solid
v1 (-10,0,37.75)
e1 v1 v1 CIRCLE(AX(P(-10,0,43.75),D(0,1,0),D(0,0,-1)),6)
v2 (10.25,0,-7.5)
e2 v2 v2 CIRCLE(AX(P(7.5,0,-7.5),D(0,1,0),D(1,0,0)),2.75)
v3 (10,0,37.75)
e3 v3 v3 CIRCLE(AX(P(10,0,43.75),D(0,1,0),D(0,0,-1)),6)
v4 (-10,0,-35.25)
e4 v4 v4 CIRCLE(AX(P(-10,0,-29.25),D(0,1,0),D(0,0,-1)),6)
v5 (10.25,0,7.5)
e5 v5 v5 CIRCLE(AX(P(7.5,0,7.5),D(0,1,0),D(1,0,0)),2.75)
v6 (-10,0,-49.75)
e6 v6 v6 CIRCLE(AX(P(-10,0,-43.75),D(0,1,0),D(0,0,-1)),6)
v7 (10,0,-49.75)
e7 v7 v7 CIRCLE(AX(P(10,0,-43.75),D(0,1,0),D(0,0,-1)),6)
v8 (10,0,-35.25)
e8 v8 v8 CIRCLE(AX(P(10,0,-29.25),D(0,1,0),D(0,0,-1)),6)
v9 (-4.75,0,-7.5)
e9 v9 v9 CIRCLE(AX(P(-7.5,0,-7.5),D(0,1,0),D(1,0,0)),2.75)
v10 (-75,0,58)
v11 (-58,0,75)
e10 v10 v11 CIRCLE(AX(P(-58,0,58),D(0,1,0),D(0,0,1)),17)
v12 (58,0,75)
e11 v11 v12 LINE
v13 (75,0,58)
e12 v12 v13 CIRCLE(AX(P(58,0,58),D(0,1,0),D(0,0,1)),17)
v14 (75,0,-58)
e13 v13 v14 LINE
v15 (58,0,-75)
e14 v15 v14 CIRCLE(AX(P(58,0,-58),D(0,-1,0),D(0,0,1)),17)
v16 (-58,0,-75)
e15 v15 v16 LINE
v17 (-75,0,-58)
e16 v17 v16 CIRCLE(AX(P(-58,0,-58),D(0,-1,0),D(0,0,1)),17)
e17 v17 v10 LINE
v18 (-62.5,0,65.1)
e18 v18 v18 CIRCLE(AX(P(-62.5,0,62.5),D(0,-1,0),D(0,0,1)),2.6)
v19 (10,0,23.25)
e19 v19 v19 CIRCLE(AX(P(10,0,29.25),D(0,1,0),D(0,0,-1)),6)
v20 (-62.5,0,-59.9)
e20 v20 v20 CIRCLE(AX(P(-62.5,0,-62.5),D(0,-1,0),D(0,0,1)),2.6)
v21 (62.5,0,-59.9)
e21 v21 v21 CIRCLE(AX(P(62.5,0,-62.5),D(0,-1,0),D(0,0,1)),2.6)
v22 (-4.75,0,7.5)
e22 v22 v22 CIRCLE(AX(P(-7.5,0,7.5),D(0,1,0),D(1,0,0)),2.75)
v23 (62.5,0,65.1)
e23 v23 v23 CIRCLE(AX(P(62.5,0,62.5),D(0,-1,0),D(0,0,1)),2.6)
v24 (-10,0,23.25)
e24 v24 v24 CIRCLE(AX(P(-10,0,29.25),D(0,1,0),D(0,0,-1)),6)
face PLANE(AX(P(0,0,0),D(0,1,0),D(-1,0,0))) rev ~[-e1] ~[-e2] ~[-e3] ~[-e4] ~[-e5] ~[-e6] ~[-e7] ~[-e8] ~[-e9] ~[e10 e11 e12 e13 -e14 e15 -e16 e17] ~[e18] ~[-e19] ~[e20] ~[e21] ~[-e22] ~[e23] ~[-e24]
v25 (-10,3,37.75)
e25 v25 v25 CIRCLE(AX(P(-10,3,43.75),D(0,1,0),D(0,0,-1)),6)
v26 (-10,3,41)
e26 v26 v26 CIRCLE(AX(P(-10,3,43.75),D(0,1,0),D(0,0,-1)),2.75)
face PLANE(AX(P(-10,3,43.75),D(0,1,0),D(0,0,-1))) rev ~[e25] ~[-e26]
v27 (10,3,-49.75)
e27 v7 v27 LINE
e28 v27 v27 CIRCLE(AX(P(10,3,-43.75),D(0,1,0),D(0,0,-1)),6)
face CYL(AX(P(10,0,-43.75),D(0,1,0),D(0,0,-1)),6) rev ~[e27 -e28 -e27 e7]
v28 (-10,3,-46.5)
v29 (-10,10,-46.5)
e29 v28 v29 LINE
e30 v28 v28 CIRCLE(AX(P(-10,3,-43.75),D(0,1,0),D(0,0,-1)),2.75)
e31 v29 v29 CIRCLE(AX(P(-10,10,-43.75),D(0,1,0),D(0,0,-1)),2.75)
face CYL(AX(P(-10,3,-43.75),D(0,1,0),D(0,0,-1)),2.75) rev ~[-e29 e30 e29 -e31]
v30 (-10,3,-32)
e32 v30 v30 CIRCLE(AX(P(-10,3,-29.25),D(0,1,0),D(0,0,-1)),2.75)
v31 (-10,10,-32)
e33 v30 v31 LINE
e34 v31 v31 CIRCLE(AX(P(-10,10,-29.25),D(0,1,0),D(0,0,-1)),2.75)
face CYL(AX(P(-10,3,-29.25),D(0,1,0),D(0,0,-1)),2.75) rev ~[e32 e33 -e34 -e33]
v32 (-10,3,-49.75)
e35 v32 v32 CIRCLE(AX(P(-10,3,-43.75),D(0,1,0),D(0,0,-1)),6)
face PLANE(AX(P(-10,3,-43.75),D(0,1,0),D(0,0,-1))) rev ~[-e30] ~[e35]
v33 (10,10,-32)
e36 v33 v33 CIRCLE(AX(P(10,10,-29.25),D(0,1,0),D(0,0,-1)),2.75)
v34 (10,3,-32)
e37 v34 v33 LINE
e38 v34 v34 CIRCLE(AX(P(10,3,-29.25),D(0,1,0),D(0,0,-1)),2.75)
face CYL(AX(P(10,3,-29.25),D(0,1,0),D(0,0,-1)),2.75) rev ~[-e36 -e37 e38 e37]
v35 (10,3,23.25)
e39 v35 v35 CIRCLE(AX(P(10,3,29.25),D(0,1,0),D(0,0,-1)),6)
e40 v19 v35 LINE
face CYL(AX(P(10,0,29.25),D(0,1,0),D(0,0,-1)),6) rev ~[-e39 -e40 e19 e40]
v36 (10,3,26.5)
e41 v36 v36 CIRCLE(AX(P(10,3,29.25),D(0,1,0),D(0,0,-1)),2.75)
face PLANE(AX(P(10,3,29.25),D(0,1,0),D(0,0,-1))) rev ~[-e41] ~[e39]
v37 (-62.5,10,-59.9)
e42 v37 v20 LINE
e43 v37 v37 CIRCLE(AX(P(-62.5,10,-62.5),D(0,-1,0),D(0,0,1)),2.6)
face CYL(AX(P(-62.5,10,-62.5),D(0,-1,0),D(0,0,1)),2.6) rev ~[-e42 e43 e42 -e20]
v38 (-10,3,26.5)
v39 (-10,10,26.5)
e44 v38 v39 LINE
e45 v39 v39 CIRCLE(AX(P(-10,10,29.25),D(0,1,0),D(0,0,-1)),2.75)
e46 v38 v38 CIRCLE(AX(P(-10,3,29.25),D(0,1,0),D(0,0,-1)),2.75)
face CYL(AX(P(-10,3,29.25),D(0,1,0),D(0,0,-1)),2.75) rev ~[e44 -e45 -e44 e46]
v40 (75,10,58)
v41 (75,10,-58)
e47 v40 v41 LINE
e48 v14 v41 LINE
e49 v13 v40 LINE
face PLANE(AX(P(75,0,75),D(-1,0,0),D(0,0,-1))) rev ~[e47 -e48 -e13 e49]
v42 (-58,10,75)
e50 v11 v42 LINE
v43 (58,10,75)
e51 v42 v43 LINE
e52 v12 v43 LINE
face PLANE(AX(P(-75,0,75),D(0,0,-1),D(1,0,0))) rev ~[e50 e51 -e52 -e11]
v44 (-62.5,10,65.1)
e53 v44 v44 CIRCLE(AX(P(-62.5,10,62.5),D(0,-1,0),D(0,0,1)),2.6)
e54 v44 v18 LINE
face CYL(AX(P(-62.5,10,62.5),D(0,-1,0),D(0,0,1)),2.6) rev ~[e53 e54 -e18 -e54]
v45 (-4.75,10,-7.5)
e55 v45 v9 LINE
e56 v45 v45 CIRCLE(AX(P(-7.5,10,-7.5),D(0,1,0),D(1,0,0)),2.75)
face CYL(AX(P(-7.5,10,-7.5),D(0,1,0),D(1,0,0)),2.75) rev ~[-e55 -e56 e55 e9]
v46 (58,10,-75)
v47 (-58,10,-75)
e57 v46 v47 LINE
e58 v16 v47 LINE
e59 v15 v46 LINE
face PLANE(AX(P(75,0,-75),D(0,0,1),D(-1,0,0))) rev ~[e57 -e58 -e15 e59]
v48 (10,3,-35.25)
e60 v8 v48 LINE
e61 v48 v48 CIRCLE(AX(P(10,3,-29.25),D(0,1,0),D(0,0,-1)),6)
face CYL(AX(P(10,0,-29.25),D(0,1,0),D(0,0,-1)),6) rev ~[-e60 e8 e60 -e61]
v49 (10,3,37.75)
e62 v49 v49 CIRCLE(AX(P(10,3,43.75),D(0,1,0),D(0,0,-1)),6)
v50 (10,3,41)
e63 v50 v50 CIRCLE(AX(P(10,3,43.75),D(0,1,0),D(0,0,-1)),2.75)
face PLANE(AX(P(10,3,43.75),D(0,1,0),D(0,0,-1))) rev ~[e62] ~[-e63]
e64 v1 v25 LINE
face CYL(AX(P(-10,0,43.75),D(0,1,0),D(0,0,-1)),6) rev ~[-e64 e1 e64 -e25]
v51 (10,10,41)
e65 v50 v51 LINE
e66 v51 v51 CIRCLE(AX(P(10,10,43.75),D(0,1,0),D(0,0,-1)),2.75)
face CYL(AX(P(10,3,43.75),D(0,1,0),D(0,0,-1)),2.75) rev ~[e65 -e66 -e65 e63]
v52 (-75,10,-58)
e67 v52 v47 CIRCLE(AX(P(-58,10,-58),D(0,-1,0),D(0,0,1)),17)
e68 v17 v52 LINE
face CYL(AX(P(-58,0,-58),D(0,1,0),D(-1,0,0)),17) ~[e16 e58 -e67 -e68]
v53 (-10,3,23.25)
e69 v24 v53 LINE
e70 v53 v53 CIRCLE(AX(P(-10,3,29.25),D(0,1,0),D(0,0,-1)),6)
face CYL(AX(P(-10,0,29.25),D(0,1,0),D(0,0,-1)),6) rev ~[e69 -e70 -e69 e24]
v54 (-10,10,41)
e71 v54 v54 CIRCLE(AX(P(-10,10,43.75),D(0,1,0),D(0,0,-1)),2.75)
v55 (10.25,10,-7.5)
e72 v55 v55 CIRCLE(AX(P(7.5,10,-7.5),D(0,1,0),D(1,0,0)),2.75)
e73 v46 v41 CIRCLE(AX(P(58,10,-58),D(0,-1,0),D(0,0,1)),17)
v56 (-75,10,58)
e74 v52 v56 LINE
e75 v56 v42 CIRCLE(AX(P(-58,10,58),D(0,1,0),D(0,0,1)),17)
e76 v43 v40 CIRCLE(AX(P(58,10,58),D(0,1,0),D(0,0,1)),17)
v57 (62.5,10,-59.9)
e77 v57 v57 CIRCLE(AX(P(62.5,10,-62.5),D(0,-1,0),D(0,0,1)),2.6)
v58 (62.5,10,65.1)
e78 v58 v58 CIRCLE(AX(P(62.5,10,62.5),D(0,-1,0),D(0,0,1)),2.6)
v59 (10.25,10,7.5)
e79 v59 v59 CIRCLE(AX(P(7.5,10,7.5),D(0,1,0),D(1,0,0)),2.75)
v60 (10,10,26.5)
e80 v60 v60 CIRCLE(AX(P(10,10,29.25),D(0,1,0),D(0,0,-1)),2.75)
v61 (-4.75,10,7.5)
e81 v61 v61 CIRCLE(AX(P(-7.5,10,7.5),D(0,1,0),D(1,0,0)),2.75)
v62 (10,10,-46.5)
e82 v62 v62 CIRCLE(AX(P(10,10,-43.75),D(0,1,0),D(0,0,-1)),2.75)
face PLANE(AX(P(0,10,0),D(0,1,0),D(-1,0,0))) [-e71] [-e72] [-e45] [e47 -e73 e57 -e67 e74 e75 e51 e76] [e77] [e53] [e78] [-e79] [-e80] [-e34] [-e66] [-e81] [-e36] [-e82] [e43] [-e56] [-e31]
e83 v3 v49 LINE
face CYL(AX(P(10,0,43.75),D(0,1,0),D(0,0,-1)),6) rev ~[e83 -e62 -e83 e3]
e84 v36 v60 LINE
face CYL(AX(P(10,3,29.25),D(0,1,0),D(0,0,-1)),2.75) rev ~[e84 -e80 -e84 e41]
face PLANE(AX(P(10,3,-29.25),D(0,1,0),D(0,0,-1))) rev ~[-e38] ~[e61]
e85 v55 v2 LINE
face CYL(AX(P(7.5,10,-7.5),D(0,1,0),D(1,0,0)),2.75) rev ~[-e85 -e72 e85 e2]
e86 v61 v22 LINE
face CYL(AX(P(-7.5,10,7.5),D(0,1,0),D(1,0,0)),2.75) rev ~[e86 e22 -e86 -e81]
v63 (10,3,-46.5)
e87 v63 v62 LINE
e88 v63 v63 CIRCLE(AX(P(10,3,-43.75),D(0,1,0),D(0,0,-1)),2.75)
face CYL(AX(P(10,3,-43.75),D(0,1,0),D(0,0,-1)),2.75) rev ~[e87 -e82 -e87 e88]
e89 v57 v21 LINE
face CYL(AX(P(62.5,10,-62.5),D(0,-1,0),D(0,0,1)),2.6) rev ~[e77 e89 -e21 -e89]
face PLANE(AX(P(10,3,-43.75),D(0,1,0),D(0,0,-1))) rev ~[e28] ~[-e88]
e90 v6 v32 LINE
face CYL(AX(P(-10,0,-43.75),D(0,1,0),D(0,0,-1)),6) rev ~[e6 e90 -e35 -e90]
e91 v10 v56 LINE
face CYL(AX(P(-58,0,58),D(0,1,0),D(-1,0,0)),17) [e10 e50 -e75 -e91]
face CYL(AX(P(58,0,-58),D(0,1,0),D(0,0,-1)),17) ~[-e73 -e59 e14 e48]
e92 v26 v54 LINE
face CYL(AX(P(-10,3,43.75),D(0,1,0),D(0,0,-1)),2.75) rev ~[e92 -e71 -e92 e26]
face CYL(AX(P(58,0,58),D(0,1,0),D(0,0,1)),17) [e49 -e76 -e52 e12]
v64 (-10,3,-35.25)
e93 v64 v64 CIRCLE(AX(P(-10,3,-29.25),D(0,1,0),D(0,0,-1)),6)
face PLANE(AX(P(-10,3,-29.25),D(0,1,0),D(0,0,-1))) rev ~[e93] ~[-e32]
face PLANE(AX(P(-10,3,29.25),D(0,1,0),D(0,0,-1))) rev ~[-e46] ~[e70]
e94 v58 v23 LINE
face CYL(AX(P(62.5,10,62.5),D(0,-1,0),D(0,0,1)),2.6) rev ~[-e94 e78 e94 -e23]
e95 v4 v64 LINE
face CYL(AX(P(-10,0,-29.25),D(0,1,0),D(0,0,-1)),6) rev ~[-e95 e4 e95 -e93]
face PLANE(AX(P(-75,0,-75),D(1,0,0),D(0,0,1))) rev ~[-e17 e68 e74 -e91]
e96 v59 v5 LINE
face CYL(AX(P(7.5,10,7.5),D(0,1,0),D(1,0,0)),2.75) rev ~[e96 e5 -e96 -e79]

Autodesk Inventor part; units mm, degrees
ref_plane "YZ Plane" through (0, 0, 0) normal (1, 0, 0) x (0, 1, 0)
ref_plane "XZ Plane" through (0, 0, 0) normal (0, 1, 0) x (-1, 0, 0)
ref_plane "XY Plane" through (0, 0, 0) normal (0, 0, 1) x (1, 0, 0)
sketch "Sketch1" plane through (0, 0, 0) normal (0, 1, 0) x (-1, 0, 0)
  line L0 (75, 75) -> (-75, 75)
  line L1 (-75, 75) -> (-75, -75)
  line L2 (-75, -75) -> (75, -75)
  line L3 (75, -75) -> (75, 75)
  line L4 (75, 75) -> (-75, -75) construction
  line L5 (-75, 75) -> (75, -75) construction
  point P0 (0, 0)
  dimension "d0" = 150
  dimension "d1" = 150
extrude "Extrusion1" add sketch "Sketch1" along normal blind 10
sketch "Sketch2" plane through (0, 10, 0) normal (0, 1, 0) x (1, 0, 0)
  line L0 (-10, 43.75) -> (10, 43.75)
  line L1 (10, 43.75) -> (10, -43.75)
  line L2 (10, -43.75) -> (-10, -43.75)
  line L3 (-10, -43.75) -> (-10, 43.75)
  line L4 (-10, -29.25) -> (10, -29.25)
  line L5 (10, -29.25) -> (10, 29.25)
  line L6 (10, 29.25) -> (-10, 29.25)
  line L7 (-10, 29.25) -> (-10, -29.25)
  circle A0 centre (-10, 43.75) radius 2.5
  circle A1 centre (10, 43.75) radius 2.5
  circle A2 centre (-10, 29.25) radius 2.5
  circle A3 centre (10, 29.25) radius 2.5
  circle A4 centre (10, -29.25) radius 2.5
  circle A5 centre (-10, -29.25) radius 2.5
  circle A6 centre (-10, -43.75) radius 2.5
  circle A7 centre (10, -43.75) radius 2.5
  line L8 (-75, 75) -> (-75, -75) projected
  point P0 (0, 0)
  dimension "d4" = 20
  dimension "d5" = 87.5
  dimension "d6" = 58.5
  dimension "d7" = 5
  dimension "d8" = 5
  dimension "d9" = 5
  dimension "d10" = 5
  dimension "d11" = 5
  dimension "d12" = 5
  dimension "d13" = 5
  dimension "d14" = 5
  dimension "d51" = 75
extrude "Extrusion2" cut sketch "Sketch2" against normal through all contours L3 A0 L0 | L0 A0 L3 | A1 L1 L0 | L0 L1 A1 | A2 L6 L3 | L3 A2 | L6 A2 L3 | A3 L1 | L1 L6 A3 | L6 L1 A3 | A5 L4 L3 | L3 A5 | L4 A5 L3 | A4 L1 | L1 L4 A4 | L4 L1 A4 | A6 L2 L3 | L3 L2 A6 | A7 L2 L1 | L1 L2 A7
fillet "Fillet1" radius 17 4 edges at (75, 5, 75) (-75, 5, 75) (75, 5, -75) (-75, 5, -75)
sketch "Sketch5" plane through (0, 0, 0) normal (0, -1, 0) x (1, 0, 0)
  circle A0 centre (-10, 43.75) radius 2.5 projected
  circle A1 centre (10, 43.75) radius 2.5 projected
  circle A2 centre (-10, 29.25) radius 2.5 projected
  circle A3 centre (10, 29.25) radius 2.5 projected
  circle A4 centre (-10, -29.25) radius 2.5 projected
  circle A5 centre (10, -29.25) radius 2.5 projected
  circle A6 centre (-10, -43.75) radius 2.5 projected
  circle A7 centre (10, -43.75) radius 2.5 projected
  point P0 (0, 0)
hole "Hole2" at (-10, 0, 43.75) at (10, 0, 43.75) at (-10, 0, 29.25) at (10, 0, 29.25) at (-10, 0, -29.25) at (10, 0, -29.25) at (-10, 0, -43.75) at (10, 0, -43.75) direction (0, 1, 0) diameter 5.5 end through all counterbore diameter 12 counterbore depth 3
sketch "Sketch6" plane through (0, 10, 0) normal (0, 1, 0) x (1, 0, 0)
  line L0 (62.5, 62.5) -> (-62.5, 62.5) construction
  line L1 (-62.5, 62.5) -> (-62.5, -62.5) construction
  line L2 (-62.5, -62.5) -> (62.5, -62.5) construction
  line L3 (62.5, -62.5) -> (62.5, 62.5) construction
  line L4 (62.5, 62.5) -> (-62.5, -62.5) construction
  line L5 (-62.5, 62.5) -> (62.5, -62.5) construction
  point P0 (0, 0)
  dimension "d80" = 125
  dimension "d81" = 125
hole "Hole3" at (62.5, 10, -62.5) at (62.5, 10, 62.5) at (-62.5, 10, -62.5) at (-62.5, 10, 62.5) direction (0, -1, 0) diameter 5.2 end through all
sketch "Sketch7" plane through (0, 10, 0) normal (0, 1, 0) x (1, 0, 0)
  line L0 (7.5, -7.5) -> (-7.5, -7.5) construction
  line L1 (-7.5, -7.5) -> (-7.5, 7.5) construction
  line L2 (-7.5, 7.5) -> (7.5, 7.5) construction
  line L3 (7.5, 7.5) -> (7.5, -7.5) construction
  line L4 (7.5, -7.5) -> (-7.5, 7.5) construction
  line L5 (-7.5, -7.5) -> (7.5, 7.5) construction
  circle A0 centre (7.5, -7.5) radius 2.75
  circle A1 centre (-7.5, -7.5) radius 2.75
  circle A2 centre (7.5, 7.5) radius 2.75
  circle A3 centre (-7.5, 7.5) radius 2.75
  point P0 (0, 0)
  dimension "d89" = 15
  dimension "d90" = 15
  dimension "d91" = 5.5
  dimension "d92" = 5.5
  dimension "d93" = 5.5
  dimension "d94" = 5.5
extrude "Extrusion4" cut sketch "Sketch7" against normal through all
equation "\"d91\" = d94"
equation "\"d92\" = d94"
equation "\"d93\" = d94"
properties part number "VerticalActuationMount" material "ABS Plastic"
